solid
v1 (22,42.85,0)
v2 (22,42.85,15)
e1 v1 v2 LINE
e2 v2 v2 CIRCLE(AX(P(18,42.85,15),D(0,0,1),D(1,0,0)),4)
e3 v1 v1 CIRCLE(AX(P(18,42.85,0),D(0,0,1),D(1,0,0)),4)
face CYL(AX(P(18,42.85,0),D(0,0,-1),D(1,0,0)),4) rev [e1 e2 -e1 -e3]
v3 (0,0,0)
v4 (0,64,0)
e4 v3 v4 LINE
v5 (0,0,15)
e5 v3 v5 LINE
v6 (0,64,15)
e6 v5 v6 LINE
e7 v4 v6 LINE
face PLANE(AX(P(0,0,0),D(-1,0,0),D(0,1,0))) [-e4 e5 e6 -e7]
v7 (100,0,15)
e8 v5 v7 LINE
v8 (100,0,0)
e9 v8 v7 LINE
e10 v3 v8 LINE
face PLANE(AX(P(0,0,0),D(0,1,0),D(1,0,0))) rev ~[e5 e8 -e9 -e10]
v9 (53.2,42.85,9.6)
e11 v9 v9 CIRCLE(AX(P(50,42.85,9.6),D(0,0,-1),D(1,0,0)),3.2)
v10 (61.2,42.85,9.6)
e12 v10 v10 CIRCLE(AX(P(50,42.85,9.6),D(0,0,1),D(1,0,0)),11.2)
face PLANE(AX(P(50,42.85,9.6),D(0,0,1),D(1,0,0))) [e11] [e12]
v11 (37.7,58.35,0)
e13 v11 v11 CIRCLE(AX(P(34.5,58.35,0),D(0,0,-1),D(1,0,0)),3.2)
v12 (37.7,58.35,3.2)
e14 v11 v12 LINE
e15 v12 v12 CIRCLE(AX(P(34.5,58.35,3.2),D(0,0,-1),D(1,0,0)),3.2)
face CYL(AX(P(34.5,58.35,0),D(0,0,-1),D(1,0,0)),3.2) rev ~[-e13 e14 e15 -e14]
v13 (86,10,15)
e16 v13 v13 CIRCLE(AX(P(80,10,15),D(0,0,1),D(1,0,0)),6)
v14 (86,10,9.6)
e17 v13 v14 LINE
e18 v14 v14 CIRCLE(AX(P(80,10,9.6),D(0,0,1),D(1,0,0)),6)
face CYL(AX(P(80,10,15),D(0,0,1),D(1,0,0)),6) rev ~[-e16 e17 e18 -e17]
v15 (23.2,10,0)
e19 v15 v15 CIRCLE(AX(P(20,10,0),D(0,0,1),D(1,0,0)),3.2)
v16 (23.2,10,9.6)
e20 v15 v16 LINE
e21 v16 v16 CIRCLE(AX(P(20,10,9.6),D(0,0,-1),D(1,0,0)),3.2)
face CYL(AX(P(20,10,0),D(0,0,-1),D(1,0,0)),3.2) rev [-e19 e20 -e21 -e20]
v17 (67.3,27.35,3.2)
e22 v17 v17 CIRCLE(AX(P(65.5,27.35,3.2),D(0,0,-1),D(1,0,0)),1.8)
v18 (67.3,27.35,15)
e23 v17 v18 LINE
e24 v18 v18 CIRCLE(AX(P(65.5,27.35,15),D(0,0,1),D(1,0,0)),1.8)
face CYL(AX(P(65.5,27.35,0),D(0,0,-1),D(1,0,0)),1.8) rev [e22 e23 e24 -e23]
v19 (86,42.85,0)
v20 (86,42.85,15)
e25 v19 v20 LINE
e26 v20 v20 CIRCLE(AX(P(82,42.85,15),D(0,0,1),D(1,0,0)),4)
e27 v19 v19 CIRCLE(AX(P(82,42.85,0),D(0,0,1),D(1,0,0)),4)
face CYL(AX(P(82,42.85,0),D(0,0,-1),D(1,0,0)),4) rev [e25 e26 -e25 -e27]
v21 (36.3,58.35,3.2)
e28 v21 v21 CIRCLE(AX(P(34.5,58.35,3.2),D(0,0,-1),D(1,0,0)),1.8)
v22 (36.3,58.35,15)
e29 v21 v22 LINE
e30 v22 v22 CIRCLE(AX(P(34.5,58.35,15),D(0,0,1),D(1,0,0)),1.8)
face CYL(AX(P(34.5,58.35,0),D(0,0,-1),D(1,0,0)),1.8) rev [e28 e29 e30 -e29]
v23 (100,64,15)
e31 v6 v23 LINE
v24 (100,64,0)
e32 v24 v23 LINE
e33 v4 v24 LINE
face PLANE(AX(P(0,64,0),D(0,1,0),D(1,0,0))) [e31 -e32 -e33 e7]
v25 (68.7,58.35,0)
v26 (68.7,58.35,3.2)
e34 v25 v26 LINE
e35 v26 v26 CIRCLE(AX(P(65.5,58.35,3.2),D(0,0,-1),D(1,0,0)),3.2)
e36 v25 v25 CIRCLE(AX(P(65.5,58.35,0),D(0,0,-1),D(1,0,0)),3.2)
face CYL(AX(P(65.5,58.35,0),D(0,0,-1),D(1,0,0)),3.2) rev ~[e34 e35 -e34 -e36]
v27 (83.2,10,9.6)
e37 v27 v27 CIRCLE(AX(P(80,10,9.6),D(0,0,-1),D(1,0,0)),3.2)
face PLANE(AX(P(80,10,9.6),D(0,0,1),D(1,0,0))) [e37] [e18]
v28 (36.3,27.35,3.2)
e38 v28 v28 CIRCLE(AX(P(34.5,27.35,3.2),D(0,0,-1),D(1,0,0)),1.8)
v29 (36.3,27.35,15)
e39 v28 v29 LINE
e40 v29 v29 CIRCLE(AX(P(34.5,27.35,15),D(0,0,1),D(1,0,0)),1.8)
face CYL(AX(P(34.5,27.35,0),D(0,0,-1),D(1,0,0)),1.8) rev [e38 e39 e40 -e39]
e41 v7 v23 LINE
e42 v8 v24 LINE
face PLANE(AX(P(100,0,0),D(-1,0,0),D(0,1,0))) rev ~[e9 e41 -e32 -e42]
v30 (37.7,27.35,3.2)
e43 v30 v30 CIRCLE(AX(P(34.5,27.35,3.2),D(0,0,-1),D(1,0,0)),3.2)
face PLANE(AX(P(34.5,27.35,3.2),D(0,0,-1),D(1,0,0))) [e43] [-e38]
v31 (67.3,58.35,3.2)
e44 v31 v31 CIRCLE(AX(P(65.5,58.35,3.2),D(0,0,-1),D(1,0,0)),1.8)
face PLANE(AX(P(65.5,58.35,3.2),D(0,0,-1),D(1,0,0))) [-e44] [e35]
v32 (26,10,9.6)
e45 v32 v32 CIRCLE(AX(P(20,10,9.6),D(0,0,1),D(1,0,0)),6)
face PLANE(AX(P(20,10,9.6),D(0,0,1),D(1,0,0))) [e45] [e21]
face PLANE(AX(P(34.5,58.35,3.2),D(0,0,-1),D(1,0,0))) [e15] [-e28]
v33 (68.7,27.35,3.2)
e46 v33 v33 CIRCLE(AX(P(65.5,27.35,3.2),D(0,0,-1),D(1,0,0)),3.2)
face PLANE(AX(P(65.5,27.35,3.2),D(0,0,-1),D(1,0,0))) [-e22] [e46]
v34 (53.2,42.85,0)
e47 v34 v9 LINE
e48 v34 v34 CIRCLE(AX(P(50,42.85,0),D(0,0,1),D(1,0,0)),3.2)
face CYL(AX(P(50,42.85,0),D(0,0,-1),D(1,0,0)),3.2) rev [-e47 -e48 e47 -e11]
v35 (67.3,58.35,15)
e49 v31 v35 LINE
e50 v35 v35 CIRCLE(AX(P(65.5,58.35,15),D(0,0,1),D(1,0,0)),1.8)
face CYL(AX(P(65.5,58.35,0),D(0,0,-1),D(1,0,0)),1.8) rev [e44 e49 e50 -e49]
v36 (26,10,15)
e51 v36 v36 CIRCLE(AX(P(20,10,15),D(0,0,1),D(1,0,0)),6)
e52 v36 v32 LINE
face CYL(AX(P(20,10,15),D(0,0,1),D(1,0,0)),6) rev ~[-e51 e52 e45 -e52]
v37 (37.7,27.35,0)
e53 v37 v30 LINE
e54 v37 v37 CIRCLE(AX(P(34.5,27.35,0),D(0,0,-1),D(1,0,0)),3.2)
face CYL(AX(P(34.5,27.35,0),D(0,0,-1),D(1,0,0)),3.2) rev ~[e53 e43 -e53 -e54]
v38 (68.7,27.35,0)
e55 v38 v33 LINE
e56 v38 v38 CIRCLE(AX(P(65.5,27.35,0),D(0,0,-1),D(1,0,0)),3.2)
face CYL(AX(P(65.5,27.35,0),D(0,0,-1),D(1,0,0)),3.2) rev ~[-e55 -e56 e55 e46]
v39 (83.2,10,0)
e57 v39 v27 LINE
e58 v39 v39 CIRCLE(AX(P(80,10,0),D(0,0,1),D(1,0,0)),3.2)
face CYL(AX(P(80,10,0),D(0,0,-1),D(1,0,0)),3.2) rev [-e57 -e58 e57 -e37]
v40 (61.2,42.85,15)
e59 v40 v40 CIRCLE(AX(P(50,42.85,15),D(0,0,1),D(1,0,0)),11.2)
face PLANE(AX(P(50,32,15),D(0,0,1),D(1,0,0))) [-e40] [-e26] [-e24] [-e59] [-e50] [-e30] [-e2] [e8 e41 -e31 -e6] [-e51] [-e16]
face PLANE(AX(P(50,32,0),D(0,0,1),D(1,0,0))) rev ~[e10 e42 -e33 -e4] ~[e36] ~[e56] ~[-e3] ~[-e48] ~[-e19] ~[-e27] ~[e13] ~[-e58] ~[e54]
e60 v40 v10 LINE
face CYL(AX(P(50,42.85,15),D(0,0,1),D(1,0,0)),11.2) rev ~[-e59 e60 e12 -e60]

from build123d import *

# Parameters (mm, degrees)
SKETCH_W        = 100
SKETCH_H        = 64
SKETCH_R        = 3.2
SKETCH_R_2      = 1.8
SKETCH_R_3      = 4
PAD_DEPTH       = 15
SKETCH001_R     = 11.2
SKETCH001_R_2   = 6
POCKET_DEPTH    = 5.4
SKETCH002_R     = 3.2
POCKET001_DEPTH = 3.2


with BuildPart() as part:
    # Sketch → Pad (new body)
    with BuildSketch(Plane.XY):
        with Locations((50, 32)):
            Rectangle(SKETCH_W, SKETCH_H)
        with Locations((50, 42.85)):
            Circle(SKETCH_R, mode=Mode.SUBTRACT)
        with Locations((65.5, 58.35)):
            Circle(SKETCH_R_2, mode=Mode.SUBTRACT)
        with Locations((65.5, 27.35)):
            Circle(SKETCH_R_2, mode=Mode.SUBTRACT)
        with Locations((34.5, 27.35)):
            Circle(SKETCH_R_2, mode=Mode.SUBTRACT)
        with Locations((34.5, 58.35)):
            Circle(SKETCH_R_2, mode=Mode.SUBTRACT)
        with Locations((20, 10)):
            Circle(SKETCH_R, mode=Mode.SUBTRACT)
        with Locations((80, 10)):
            Circle(SKETCH_R, mode=Mode.SUBTRACT)
        with Locations((82, 42.85)):
            Circle(SKETCH_R_3, mode=Mode.SUBTRACT)
        with Locations((18, 42.85)):
            Circle(SKETCH_R_3, mode=Mode.SUBTRACT)
    extrude(amount=PAD_DEPTH)

    # Sketch001 (on Face15 of Pad) → Pocket (cut)
    with BuildSketch(Plane.XY.offset(15)):
        with Locations((50, 42.85)):
            Circle(SKETCH001_R)
        with Locations((20, 10)):
            Circle(SKETCH001_R_2)
        with Locations((80, 10)):
            Circle(SKETCH001_R_2)
    extrude(amount=-POCKET_DEPTH, mode=Mode.SUBTRACT)

    # Sketch002 (on Face4 of Pocket) → Pocket001 (cut)
    with BuildSketch(Plane(origin=(0, 0, 0), x_dir=(1, 0, 0), z_dir=(0, 0, -1))):
        with Locations((34.5, -27.35)):
            Circle(SKETCH002_R)
        with Locations((65.5, -27.35)):
            Circle(SKETCH002_R)
        with Locations((34.5, -58.35)):
            Circle(SKETCH002_R)
        with Locations((65.5, -58.35)):
            Circle(SKETCH002_R)
    extrude(amount=-POCKET001_DEPTH, mode=Mode.SUBTRACT)


solid = part.part
